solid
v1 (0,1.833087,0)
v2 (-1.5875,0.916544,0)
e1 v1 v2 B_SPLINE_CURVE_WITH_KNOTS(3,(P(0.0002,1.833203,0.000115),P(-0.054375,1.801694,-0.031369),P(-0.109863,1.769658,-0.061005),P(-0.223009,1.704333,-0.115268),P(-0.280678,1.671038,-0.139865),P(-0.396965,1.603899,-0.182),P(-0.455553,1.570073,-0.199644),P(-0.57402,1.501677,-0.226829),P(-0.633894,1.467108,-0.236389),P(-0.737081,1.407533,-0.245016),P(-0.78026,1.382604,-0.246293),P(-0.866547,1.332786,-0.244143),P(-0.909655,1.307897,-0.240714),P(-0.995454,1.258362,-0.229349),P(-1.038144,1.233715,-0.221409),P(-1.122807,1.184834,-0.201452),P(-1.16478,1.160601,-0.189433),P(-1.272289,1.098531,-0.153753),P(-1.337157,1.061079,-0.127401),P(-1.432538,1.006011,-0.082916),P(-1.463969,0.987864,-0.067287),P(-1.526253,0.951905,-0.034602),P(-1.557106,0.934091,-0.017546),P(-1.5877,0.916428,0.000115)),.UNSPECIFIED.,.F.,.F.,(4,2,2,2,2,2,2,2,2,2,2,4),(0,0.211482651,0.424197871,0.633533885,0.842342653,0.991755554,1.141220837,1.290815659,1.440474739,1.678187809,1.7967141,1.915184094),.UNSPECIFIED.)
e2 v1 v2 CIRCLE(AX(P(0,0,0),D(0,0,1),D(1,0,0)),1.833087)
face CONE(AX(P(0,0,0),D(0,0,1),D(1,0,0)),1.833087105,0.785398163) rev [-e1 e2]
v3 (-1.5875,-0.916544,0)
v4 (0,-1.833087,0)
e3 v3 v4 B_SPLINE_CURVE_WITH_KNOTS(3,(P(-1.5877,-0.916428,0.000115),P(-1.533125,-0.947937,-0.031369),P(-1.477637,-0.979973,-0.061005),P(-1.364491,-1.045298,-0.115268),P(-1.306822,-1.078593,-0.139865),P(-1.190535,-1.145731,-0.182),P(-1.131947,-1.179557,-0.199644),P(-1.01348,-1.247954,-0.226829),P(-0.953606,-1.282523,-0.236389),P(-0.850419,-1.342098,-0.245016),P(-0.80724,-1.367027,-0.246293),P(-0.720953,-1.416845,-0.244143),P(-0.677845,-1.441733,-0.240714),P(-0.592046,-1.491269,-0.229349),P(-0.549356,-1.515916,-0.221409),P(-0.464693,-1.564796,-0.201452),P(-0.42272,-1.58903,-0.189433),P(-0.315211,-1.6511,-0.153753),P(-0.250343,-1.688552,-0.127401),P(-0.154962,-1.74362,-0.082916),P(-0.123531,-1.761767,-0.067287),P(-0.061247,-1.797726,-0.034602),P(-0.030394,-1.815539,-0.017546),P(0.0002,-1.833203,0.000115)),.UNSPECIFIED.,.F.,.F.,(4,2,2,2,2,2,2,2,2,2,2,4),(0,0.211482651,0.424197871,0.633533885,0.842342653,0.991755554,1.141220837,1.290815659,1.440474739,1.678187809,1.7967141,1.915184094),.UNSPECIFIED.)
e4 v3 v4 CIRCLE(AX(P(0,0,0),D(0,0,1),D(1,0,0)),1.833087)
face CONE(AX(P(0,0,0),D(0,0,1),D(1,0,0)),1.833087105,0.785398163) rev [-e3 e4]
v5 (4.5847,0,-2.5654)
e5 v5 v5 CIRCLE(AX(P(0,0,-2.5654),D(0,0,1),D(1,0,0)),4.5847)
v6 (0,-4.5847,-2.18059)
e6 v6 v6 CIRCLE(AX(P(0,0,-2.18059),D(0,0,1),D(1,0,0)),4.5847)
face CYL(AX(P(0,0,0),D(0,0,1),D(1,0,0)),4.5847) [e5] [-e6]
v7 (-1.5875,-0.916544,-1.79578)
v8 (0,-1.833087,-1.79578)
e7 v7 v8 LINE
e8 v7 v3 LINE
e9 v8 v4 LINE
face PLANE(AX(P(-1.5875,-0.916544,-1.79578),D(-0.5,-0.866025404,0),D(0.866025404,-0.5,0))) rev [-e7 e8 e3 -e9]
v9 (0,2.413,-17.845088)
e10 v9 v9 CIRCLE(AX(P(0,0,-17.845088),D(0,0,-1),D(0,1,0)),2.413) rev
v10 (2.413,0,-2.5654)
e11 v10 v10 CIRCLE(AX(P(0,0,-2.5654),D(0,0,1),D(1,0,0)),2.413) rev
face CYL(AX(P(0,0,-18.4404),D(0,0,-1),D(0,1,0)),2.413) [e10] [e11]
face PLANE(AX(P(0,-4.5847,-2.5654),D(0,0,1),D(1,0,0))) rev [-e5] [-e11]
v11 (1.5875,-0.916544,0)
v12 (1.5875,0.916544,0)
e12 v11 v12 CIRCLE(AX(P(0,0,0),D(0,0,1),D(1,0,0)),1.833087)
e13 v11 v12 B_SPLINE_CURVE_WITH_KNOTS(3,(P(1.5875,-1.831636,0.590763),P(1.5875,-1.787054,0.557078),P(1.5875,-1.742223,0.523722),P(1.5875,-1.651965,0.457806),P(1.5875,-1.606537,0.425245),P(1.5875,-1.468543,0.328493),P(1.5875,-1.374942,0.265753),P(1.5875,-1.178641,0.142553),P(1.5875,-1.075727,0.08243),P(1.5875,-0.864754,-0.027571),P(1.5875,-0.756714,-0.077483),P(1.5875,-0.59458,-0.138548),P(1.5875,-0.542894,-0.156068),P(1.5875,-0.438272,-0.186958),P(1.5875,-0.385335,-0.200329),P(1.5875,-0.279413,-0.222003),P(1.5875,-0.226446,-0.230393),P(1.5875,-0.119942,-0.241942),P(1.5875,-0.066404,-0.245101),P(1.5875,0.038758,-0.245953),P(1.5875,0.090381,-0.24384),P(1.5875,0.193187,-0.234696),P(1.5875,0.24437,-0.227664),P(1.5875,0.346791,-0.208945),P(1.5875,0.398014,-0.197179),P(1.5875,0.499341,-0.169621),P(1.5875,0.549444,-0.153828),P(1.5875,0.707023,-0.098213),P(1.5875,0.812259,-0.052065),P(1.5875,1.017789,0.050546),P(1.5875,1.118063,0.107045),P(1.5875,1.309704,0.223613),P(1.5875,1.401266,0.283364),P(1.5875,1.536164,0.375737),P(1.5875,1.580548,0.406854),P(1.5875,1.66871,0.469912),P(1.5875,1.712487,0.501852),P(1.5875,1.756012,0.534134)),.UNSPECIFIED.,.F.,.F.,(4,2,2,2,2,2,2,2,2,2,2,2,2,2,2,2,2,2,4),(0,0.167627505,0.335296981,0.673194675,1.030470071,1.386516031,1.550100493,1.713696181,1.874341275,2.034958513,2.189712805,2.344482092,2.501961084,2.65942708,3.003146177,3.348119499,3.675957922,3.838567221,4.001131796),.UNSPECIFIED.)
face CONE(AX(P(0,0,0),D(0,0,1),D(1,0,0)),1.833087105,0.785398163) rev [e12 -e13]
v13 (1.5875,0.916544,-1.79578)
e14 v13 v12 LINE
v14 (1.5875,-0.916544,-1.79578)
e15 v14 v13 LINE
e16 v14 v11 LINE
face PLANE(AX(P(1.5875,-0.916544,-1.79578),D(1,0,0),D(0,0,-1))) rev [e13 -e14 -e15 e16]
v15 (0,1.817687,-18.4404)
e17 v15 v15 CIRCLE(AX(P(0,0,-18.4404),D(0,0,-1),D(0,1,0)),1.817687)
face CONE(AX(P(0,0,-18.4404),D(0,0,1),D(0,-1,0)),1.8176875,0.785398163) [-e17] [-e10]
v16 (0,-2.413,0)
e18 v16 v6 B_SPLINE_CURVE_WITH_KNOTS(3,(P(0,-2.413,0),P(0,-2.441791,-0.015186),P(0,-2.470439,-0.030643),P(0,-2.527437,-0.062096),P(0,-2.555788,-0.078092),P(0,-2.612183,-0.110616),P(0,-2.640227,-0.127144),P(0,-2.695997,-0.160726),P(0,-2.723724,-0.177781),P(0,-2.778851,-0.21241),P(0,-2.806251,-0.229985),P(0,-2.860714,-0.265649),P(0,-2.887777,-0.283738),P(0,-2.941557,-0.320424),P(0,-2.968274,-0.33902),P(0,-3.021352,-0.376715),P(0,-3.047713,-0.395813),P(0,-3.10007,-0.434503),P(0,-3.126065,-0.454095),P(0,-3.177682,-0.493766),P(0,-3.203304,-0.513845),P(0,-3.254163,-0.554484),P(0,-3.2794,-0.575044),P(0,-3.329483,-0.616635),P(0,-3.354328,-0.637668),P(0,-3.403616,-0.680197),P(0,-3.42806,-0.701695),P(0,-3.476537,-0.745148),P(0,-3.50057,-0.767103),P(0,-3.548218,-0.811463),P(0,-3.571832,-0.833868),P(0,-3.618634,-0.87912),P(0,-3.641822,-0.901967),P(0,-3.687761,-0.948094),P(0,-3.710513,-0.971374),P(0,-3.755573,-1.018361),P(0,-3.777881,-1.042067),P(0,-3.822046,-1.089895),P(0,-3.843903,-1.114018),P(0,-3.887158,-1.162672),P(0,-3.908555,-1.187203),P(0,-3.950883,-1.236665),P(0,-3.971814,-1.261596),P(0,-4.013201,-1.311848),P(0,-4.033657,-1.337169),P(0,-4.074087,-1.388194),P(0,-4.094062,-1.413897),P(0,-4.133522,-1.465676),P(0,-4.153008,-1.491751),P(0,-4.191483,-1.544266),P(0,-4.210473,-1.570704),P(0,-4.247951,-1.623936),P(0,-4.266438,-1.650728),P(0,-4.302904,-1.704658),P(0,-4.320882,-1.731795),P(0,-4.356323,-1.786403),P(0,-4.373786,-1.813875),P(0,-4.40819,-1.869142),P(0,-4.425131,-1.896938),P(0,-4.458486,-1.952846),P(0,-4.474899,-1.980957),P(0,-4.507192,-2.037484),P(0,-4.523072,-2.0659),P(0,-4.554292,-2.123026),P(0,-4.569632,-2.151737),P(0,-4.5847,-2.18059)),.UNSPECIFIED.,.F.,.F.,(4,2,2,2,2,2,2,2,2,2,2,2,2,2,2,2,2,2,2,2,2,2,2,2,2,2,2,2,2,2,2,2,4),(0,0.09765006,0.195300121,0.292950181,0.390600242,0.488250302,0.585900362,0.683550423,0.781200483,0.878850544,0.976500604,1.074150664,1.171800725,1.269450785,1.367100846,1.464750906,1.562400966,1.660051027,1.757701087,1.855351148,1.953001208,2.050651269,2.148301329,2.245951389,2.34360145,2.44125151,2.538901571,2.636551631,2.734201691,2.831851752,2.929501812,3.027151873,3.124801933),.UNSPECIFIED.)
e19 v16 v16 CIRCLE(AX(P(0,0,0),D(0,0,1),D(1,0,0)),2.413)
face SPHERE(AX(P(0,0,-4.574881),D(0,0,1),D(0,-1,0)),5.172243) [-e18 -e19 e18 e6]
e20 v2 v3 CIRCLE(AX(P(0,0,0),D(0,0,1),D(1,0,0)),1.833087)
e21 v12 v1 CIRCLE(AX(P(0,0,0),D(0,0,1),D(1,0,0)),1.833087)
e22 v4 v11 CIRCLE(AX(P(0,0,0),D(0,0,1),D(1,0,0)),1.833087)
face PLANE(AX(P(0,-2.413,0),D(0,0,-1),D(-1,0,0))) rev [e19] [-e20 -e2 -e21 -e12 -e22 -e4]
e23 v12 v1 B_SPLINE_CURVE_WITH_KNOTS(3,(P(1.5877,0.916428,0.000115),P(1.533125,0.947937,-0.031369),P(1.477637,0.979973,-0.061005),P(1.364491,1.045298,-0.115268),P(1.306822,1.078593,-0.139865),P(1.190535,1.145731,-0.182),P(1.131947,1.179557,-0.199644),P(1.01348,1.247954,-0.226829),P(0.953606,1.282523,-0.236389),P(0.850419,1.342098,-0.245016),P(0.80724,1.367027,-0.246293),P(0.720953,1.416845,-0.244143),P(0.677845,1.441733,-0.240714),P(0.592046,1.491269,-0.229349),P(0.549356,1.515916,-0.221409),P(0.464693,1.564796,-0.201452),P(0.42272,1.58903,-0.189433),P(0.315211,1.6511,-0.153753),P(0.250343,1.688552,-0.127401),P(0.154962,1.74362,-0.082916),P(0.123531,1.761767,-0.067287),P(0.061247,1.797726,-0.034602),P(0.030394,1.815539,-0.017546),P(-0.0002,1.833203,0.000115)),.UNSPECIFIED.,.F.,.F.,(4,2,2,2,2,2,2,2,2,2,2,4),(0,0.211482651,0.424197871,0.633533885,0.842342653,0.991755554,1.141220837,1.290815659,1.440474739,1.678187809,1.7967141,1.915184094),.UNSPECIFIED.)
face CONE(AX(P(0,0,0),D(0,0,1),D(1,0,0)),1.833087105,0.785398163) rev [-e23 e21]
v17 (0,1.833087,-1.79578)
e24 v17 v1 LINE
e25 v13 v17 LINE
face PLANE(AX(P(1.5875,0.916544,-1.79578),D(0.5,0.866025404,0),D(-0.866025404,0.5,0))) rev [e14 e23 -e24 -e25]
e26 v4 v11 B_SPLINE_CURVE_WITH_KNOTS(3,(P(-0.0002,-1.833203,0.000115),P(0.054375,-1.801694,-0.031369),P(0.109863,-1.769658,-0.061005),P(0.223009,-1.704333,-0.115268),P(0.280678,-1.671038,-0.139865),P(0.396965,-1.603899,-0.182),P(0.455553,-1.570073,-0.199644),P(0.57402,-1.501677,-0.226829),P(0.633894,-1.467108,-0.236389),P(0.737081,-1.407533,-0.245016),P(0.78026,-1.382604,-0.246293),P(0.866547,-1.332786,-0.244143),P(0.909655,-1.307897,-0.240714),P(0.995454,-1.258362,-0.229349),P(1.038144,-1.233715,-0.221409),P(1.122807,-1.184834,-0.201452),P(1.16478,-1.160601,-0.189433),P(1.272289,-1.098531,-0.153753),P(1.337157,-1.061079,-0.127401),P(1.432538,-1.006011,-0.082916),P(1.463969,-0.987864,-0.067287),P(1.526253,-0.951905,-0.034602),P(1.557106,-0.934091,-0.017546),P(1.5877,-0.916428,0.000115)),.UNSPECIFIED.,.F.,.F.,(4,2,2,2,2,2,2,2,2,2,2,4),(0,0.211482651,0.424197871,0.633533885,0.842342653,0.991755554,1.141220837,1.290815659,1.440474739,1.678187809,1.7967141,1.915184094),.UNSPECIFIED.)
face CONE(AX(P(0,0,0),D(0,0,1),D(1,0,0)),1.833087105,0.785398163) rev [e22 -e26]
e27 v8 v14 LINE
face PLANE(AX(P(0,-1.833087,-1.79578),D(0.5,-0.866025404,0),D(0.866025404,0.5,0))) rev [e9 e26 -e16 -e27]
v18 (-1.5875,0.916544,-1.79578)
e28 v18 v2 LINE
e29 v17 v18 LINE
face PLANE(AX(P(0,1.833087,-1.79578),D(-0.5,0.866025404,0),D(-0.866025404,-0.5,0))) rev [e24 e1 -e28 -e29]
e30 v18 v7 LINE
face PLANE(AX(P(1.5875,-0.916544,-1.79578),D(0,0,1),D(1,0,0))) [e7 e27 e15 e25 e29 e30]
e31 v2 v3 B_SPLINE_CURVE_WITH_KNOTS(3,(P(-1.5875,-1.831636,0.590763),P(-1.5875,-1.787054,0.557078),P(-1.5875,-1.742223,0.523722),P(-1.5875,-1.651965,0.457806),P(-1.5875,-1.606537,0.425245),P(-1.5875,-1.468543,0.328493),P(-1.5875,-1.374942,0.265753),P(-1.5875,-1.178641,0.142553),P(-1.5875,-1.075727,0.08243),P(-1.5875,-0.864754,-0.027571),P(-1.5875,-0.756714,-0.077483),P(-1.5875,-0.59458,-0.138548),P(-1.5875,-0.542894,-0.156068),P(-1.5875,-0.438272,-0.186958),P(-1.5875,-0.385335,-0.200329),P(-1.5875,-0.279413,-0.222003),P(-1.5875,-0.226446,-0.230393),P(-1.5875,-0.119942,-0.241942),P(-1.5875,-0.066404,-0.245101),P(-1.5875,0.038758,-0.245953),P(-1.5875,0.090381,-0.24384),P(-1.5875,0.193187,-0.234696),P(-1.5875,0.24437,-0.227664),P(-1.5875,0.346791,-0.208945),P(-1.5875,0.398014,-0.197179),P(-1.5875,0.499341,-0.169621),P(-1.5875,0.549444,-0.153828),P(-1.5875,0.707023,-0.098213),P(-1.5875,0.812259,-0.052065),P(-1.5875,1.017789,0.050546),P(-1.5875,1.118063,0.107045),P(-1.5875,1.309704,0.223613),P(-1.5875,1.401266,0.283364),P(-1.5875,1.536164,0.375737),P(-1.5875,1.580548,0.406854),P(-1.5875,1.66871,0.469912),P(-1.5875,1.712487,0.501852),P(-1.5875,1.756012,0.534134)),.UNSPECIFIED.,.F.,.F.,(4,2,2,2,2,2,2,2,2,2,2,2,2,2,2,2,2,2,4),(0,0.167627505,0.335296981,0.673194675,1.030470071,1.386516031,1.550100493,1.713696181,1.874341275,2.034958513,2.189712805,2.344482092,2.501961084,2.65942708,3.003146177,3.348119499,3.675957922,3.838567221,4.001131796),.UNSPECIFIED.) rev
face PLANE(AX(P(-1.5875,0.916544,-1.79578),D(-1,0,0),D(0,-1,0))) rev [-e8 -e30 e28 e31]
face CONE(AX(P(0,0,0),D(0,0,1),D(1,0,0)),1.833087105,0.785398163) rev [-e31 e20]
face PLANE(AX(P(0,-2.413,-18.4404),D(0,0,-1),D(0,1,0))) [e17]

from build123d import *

# Parameters (mm, degrees)
SKETCH1_W          = 15.875
SKETCH1_H          = 2.413
CHAMFER1_SIZE      = 0.5953125
CUT_EXTRUDE2_DEPTH = 1.79578
SKETCH6_R          = 1.833087105
CUT_EXTRUDE3_DEPTH = 1.79578
CUT_EXTRUDE3_TAPER = 45


with BuildPart() as part:
    # Sketch1 → Revolve1 (revolve)
    with BuildSketch(Plane(origin=(0, 0, 0), x_dir=(0, 0, -1), z_dir=(1, 0, 0))):
        with Locations((10.5029, 1.2065)):
            Rectangle(SKETCH1_W, SKETCH1_H)
    revolve(axis=Axis((0, 0, -18.4404), (0, 0, 1)))

    # Chamfer1
    chamfer1_edges = [part.edges().sort_by_distance(p)[0] for p in [
        (0, -2.413, -18.4404),
    ]]
    chamfer(chamfer1_edges, length=CHAMFER1_SIZE)

    # Sketch7 → Revolve2 (revolve)
    with BuildSketch(Plane(origin=(0, 0, 0), x_dir=(0, 0, -1), z_dir=(1, 0, 0))):
        with BuildLine():
            Line((2.18059, 4.5847), (2.5654, 4.5847))
            Line((2.5654, 4.5847), (2.5654, 0))
            Line((2.5654, 0), (0, 0))
            Line((0, 0), (0, 2.413))
            ThreePointArc((0, 2.413), (0.925030326, 3.664791196), (2.18059, 4.5847))
        make_face()
    revolve(axis=Axis((0, 0, 0), (0, 0, -1)))

    # Sketch5 → Cut-Extrude2 (cut)
    with BuildSketch(Plane.XY):
        Polygon((1.5875, -0.916543552), (1.5875, 0.916543552), (0, 1.833087105), (-1.5875, 0.916543552), (-1.5875, -0.916543552), (0, -1.833087105), align=None)
    extrude(amount=-CUT_EXTRUDE2_DEPTH, mode=Mode.SUBTRACT)

    # Sketch6 → Cut-Extrude3 (cut)
    with BuildSketch(Plane.XY):
        Circle(SKETCH6_R)
    extrude(amount=-CUT_EXTRUDE3_DEPTH, taper=CUT_EXTRUDE3_TAPER, mode=Mode.SUBTRACT)


solid = part.part
